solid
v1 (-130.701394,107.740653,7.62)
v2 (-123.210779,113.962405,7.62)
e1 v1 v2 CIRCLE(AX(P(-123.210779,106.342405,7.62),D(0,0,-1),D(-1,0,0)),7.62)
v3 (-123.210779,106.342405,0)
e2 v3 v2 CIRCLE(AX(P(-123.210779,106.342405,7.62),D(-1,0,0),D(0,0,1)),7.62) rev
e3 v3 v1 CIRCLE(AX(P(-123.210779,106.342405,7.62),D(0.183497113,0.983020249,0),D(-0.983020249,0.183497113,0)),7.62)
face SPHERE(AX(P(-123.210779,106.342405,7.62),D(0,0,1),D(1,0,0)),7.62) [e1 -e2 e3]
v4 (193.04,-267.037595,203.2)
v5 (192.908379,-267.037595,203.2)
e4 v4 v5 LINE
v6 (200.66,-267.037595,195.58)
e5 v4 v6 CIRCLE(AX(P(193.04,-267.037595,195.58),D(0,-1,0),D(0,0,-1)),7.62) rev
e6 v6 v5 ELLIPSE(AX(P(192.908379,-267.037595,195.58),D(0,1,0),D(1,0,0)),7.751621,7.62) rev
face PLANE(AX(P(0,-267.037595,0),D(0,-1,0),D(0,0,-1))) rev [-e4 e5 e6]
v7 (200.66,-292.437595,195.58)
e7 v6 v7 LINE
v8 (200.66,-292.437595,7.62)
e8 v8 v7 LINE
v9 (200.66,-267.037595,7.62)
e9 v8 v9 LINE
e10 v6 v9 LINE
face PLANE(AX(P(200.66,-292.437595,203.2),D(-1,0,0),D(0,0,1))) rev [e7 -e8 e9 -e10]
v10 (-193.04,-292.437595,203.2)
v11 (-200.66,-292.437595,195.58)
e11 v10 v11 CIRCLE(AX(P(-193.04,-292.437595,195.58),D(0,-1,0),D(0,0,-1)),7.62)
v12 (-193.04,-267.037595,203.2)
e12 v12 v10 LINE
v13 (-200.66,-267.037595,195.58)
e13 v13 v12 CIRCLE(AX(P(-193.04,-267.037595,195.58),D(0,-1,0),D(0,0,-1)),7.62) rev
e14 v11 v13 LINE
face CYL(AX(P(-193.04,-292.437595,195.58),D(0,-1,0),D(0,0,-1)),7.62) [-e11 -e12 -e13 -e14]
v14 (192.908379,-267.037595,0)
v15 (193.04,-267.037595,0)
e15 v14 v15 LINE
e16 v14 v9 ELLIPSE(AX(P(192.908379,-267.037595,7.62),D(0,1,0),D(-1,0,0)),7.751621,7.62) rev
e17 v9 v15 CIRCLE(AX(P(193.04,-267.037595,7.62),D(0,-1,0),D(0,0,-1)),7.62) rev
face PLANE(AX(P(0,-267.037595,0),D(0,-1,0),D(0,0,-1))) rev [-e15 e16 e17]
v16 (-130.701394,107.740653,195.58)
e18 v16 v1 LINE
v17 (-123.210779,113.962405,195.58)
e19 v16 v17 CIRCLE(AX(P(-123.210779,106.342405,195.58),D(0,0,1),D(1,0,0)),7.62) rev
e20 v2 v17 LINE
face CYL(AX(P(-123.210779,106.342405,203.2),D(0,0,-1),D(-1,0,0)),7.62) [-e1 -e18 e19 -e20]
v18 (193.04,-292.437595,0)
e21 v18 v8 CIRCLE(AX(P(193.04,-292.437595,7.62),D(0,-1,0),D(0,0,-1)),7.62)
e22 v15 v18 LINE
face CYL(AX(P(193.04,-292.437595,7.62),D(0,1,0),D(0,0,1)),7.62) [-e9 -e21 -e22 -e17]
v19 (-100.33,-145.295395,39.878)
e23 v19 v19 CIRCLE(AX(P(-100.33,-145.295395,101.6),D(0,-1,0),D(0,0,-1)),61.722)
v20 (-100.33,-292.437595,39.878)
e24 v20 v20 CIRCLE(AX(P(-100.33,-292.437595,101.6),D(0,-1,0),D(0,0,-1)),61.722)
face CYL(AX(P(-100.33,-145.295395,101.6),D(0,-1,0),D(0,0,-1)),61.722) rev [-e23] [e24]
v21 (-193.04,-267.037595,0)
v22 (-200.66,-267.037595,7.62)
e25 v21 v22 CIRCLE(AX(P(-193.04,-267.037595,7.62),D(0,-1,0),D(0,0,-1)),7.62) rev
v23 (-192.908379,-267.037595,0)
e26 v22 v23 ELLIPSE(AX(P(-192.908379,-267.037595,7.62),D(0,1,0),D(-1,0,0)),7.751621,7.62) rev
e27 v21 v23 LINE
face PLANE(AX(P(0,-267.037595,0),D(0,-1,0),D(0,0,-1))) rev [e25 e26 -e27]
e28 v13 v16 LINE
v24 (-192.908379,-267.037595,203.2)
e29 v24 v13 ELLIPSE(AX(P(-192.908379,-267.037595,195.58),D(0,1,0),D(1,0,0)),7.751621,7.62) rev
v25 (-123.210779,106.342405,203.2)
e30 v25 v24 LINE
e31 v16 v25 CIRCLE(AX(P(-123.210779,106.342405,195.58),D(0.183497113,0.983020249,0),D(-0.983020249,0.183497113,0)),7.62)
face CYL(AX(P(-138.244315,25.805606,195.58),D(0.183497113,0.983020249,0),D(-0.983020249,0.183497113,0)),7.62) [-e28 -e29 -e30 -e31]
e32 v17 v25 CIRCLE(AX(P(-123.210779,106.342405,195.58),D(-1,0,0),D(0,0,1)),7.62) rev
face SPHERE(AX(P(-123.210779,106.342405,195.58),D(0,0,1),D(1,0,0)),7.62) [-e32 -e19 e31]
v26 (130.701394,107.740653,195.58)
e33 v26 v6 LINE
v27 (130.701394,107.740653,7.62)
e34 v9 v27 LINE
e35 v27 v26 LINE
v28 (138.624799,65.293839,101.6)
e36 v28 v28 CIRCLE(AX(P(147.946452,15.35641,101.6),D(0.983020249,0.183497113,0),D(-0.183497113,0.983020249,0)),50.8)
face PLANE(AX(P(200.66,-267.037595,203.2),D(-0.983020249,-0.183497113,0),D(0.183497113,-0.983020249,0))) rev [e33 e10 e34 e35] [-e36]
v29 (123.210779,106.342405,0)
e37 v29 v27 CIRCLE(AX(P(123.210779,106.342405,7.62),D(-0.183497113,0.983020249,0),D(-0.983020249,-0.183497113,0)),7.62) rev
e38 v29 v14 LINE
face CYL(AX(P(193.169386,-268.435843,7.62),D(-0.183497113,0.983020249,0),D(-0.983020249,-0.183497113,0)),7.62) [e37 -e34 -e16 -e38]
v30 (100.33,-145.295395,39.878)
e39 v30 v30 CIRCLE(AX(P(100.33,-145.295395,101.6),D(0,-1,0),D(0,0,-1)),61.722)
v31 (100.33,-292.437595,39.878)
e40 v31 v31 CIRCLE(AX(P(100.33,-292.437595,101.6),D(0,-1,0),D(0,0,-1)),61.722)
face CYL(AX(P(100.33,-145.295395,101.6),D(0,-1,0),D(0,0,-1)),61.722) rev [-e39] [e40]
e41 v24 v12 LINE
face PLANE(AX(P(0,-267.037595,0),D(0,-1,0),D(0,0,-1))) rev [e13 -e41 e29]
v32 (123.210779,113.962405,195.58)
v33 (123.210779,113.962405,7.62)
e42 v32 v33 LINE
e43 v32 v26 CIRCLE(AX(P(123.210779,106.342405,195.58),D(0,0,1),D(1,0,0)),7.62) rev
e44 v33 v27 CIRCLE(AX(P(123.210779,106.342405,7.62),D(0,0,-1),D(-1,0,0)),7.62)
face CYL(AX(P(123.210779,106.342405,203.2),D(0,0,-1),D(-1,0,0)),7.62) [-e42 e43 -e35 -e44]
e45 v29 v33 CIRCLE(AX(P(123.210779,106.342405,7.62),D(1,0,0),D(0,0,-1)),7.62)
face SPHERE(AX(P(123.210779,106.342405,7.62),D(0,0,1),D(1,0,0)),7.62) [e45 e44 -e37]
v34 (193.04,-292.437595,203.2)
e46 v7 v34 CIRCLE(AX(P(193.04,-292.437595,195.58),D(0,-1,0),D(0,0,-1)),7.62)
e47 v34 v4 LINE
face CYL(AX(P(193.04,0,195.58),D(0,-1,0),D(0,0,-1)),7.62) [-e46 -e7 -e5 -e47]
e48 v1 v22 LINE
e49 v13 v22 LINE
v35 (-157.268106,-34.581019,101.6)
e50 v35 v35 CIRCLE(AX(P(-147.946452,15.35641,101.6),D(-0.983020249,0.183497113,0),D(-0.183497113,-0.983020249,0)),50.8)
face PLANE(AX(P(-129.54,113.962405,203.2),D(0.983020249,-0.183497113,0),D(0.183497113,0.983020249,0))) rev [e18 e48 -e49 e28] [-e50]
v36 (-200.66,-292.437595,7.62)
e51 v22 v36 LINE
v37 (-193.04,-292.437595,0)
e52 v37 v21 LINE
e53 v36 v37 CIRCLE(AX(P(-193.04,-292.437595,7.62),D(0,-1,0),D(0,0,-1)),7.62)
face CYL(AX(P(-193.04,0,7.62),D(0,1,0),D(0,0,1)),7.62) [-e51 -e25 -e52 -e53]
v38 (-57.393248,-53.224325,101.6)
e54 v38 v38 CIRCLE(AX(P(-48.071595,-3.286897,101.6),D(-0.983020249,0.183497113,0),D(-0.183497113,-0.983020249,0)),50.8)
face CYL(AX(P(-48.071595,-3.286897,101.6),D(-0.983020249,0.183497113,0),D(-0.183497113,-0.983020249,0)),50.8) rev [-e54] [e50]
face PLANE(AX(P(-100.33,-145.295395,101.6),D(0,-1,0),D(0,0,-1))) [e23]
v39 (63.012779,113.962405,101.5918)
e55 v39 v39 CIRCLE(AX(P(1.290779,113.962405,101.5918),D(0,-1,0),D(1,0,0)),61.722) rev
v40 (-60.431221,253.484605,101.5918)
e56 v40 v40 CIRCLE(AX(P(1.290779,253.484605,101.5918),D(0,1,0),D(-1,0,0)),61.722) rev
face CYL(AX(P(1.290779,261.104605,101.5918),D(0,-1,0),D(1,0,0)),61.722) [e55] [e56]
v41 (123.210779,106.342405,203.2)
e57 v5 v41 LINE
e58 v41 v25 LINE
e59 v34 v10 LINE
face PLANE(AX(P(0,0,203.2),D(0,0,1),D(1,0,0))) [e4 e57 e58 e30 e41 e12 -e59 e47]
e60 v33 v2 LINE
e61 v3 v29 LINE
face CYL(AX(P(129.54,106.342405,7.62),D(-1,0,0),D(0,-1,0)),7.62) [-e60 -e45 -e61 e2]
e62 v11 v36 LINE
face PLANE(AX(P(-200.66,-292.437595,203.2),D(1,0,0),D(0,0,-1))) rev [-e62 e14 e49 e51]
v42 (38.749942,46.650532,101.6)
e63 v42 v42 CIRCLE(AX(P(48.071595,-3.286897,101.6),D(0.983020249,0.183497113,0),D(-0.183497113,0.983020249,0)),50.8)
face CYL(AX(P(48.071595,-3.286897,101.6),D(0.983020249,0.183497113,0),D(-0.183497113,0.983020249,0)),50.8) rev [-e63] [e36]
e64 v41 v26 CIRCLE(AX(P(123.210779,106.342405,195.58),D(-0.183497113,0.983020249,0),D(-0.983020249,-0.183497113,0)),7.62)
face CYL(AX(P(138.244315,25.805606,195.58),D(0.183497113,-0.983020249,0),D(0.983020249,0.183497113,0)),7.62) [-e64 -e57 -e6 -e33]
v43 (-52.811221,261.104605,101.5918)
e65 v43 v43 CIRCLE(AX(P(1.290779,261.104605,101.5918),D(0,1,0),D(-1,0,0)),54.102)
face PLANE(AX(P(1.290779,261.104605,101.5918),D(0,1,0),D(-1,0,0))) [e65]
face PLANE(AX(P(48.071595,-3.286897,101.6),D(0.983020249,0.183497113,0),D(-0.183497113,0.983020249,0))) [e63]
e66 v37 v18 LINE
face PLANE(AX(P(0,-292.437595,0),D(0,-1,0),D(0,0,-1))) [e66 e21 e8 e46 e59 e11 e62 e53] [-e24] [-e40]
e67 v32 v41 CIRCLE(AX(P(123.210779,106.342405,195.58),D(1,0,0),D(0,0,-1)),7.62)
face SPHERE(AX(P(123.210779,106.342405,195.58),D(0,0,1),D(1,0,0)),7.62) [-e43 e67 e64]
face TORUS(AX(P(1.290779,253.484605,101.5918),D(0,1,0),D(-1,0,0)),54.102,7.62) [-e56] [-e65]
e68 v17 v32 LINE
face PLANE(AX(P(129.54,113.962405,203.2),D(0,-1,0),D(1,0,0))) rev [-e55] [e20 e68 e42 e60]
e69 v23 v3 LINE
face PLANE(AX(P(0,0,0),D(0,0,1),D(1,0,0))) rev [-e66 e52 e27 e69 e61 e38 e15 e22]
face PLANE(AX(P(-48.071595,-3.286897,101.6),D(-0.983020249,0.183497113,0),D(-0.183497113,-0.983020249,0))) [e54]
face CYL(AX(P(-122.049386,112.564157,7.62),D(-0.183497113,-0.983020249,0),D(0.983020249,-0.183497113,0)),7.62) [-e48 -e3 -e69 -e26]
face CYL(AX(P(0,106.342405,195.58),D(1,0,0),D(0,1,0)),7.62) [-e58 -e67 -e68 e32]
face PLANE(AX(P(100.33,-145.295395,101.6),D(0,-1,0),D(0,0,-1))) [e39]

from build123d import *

# Parameters (mm, degrees)
BOSS_EXTRUDE1_DEPTH = 203.2
FILLET1_R           = 7.62
SKETCH2_R           = 61.722
BOSS_EXTRUDE2_DEPTH = 147.1422
FILLET2_R           = 7.62
SKETCH4_R           = 61.722
CUT_EXTRUDE2_DEPTH  = 121.7422
SKETCH6_R           = 50.8
CUT_EXTRUDE3_DEPTH  = 101.6
SKETCH5_R           = 50.8
CUT_EXTRUDE4_DEPTH  = 101.6
BOSS_EXTRUDE3_START = 25.4
SKETCH7_W           = 401.32
SKETCH7_H           = 203.2
SKETCH7_R           = 61.722
BOSS_EXTRUDE3_DEPTH = 25.4
FILLET3_R           = 7.62


with BuildPart() as part:
    # Sketch1 → Boss-Extrude1 (new body)
    with BuildSketch(Plane.XY):
        Polygon((129.54, 113.962405063), (-129.54, 113.962405063), (-200.66, -267.037594937), (200.66, -267.037594937), align=None)
    extrude(amount=BOSS_EXTRUDE1_DEPTH)

    # Fillet1
    fillet1_edges = [part.edges().sort_by_distance(p)[0] for p in [
        (-165.1, -76.537594937, 203.2),
        (165.1, -76.537594937, 203.2),
        (-165.1, -76.537594937, 0),
        (0, 113.962405063, 0),
        (165.1, -76.537594937, 0),
        (0, 113.962405063, 203.2),
        (-129.54, 113.962405063, 101.6),
        (129.54, 113.962405063, 101.6),
    ]]
    fillet(fillet1_edges, radius=FILLET1_R)

    # Sketch2 → Boss-Extrude2 (add)
    with BuildSketch(Plane(origin=(0, 113.962405063, 0), x_dir=(1, 0, 0), z_dir=(0, 1, 0))):
        with Locations((1.290779411, -101.591800302)):
            Circle(SKETCH2_R)
    extrude(amount=BOSS_EXTRUDE2_DEPTH)

    # Fillet2
    fillet2_edges = [part.edges().sort_by_distance(p)[0] for p in [
        (-60.431220589, 261.104605063, 101.591800302),
    ]]
    fillet(fillet2_edges, radius=FILLET2_R)

    # Sketch4 → Cut-Extrude2 (cut)
    with BuildSketch(Plane(origin=(0, -267.037594937, 0), x_dir=(-1, 0, 0), z_dir=(0, -1, 0))):
        with Locations(Location((100.33, -101.6, 0), (0, 0, 90))):
            Circle(SKETCH4_R)
        with Locations(Location((-100.33, -101.6, 0), (0, 0, 90))):
            Circle(SKETCH4_R)
    extrude(amount=-CUT_EXTRUDE2_DEPTH, mode=Mode.SUBTRACT)

    # Sketch6 → Cut-Extrude3 (cut)
    with BuildSketch(Plane(origin=(145.73492962, 27.203853529, 0), x_dir=(0, 0, -1), z_dir=(0.9830202487654599, 0.18349711310288594, 0))):
        with Locations(Location((-101.6, -12.052084845, 0), (0, 0, 90))):
            Circle(SKETCH6_R)
    extrude(amount=-CUT_EXTRUDE3_DEPTH, mode=Mode.SUBTRACT)

    # Sketch5 → Cut-Extrude4 (cut)
    with BuildSketch(Plane(origin=(-145.73492962, 27.203853529, 0), x_dir=(0, 0, 1), z_dir=(-0.98302024876546, 0.18349711310288583, 0))):
        with Locations(Location((101.6, -12.052084845, 0), (0, 0, 270))):
            Circle(SKETCH5_R)
    extrude(amount=-CUT_EXTRUDE4_DEPTH, mode=Mode.SUBTRACT)

    # Sketch7 → Boss-Extrude3 (add)
    with BuildSketch(Plane.XZ.offset(267.037594937).offset(BOSS_EXTRUDE3_START)):
        with Locations((0, 101.6)):
            Rectangle(SKETCH7_W, SKETCH7_H)
        with Locations(Location((-100.33, 101.6, 0), (0, 0, 270))):
            Circle(SKETCH7_R, mode=Mode.SUBTRACT)
        with Locations(Location((100.33, 101.6, 0), (0, 0, 270))):
            Circle(SKETCH7_R, mode=Mode.SUBTRACT)
    extrude(amount=-BOSS_EXTRUDE3_DEPTH)

    # Fillet3
    fillet3_edges = [part.edges().sort_by_distance(p)[0] for p in [
        (-200.66, -279.737594937, 0),
        (200.66, -279.737594937, 203.2),
        (200.66, -279.737594937, 0),
        (-200.66, -279.737594937, 203.2),
    ]]
    fillet(fillet3_edges, radius=FILLET3_R)


solid = part.part
